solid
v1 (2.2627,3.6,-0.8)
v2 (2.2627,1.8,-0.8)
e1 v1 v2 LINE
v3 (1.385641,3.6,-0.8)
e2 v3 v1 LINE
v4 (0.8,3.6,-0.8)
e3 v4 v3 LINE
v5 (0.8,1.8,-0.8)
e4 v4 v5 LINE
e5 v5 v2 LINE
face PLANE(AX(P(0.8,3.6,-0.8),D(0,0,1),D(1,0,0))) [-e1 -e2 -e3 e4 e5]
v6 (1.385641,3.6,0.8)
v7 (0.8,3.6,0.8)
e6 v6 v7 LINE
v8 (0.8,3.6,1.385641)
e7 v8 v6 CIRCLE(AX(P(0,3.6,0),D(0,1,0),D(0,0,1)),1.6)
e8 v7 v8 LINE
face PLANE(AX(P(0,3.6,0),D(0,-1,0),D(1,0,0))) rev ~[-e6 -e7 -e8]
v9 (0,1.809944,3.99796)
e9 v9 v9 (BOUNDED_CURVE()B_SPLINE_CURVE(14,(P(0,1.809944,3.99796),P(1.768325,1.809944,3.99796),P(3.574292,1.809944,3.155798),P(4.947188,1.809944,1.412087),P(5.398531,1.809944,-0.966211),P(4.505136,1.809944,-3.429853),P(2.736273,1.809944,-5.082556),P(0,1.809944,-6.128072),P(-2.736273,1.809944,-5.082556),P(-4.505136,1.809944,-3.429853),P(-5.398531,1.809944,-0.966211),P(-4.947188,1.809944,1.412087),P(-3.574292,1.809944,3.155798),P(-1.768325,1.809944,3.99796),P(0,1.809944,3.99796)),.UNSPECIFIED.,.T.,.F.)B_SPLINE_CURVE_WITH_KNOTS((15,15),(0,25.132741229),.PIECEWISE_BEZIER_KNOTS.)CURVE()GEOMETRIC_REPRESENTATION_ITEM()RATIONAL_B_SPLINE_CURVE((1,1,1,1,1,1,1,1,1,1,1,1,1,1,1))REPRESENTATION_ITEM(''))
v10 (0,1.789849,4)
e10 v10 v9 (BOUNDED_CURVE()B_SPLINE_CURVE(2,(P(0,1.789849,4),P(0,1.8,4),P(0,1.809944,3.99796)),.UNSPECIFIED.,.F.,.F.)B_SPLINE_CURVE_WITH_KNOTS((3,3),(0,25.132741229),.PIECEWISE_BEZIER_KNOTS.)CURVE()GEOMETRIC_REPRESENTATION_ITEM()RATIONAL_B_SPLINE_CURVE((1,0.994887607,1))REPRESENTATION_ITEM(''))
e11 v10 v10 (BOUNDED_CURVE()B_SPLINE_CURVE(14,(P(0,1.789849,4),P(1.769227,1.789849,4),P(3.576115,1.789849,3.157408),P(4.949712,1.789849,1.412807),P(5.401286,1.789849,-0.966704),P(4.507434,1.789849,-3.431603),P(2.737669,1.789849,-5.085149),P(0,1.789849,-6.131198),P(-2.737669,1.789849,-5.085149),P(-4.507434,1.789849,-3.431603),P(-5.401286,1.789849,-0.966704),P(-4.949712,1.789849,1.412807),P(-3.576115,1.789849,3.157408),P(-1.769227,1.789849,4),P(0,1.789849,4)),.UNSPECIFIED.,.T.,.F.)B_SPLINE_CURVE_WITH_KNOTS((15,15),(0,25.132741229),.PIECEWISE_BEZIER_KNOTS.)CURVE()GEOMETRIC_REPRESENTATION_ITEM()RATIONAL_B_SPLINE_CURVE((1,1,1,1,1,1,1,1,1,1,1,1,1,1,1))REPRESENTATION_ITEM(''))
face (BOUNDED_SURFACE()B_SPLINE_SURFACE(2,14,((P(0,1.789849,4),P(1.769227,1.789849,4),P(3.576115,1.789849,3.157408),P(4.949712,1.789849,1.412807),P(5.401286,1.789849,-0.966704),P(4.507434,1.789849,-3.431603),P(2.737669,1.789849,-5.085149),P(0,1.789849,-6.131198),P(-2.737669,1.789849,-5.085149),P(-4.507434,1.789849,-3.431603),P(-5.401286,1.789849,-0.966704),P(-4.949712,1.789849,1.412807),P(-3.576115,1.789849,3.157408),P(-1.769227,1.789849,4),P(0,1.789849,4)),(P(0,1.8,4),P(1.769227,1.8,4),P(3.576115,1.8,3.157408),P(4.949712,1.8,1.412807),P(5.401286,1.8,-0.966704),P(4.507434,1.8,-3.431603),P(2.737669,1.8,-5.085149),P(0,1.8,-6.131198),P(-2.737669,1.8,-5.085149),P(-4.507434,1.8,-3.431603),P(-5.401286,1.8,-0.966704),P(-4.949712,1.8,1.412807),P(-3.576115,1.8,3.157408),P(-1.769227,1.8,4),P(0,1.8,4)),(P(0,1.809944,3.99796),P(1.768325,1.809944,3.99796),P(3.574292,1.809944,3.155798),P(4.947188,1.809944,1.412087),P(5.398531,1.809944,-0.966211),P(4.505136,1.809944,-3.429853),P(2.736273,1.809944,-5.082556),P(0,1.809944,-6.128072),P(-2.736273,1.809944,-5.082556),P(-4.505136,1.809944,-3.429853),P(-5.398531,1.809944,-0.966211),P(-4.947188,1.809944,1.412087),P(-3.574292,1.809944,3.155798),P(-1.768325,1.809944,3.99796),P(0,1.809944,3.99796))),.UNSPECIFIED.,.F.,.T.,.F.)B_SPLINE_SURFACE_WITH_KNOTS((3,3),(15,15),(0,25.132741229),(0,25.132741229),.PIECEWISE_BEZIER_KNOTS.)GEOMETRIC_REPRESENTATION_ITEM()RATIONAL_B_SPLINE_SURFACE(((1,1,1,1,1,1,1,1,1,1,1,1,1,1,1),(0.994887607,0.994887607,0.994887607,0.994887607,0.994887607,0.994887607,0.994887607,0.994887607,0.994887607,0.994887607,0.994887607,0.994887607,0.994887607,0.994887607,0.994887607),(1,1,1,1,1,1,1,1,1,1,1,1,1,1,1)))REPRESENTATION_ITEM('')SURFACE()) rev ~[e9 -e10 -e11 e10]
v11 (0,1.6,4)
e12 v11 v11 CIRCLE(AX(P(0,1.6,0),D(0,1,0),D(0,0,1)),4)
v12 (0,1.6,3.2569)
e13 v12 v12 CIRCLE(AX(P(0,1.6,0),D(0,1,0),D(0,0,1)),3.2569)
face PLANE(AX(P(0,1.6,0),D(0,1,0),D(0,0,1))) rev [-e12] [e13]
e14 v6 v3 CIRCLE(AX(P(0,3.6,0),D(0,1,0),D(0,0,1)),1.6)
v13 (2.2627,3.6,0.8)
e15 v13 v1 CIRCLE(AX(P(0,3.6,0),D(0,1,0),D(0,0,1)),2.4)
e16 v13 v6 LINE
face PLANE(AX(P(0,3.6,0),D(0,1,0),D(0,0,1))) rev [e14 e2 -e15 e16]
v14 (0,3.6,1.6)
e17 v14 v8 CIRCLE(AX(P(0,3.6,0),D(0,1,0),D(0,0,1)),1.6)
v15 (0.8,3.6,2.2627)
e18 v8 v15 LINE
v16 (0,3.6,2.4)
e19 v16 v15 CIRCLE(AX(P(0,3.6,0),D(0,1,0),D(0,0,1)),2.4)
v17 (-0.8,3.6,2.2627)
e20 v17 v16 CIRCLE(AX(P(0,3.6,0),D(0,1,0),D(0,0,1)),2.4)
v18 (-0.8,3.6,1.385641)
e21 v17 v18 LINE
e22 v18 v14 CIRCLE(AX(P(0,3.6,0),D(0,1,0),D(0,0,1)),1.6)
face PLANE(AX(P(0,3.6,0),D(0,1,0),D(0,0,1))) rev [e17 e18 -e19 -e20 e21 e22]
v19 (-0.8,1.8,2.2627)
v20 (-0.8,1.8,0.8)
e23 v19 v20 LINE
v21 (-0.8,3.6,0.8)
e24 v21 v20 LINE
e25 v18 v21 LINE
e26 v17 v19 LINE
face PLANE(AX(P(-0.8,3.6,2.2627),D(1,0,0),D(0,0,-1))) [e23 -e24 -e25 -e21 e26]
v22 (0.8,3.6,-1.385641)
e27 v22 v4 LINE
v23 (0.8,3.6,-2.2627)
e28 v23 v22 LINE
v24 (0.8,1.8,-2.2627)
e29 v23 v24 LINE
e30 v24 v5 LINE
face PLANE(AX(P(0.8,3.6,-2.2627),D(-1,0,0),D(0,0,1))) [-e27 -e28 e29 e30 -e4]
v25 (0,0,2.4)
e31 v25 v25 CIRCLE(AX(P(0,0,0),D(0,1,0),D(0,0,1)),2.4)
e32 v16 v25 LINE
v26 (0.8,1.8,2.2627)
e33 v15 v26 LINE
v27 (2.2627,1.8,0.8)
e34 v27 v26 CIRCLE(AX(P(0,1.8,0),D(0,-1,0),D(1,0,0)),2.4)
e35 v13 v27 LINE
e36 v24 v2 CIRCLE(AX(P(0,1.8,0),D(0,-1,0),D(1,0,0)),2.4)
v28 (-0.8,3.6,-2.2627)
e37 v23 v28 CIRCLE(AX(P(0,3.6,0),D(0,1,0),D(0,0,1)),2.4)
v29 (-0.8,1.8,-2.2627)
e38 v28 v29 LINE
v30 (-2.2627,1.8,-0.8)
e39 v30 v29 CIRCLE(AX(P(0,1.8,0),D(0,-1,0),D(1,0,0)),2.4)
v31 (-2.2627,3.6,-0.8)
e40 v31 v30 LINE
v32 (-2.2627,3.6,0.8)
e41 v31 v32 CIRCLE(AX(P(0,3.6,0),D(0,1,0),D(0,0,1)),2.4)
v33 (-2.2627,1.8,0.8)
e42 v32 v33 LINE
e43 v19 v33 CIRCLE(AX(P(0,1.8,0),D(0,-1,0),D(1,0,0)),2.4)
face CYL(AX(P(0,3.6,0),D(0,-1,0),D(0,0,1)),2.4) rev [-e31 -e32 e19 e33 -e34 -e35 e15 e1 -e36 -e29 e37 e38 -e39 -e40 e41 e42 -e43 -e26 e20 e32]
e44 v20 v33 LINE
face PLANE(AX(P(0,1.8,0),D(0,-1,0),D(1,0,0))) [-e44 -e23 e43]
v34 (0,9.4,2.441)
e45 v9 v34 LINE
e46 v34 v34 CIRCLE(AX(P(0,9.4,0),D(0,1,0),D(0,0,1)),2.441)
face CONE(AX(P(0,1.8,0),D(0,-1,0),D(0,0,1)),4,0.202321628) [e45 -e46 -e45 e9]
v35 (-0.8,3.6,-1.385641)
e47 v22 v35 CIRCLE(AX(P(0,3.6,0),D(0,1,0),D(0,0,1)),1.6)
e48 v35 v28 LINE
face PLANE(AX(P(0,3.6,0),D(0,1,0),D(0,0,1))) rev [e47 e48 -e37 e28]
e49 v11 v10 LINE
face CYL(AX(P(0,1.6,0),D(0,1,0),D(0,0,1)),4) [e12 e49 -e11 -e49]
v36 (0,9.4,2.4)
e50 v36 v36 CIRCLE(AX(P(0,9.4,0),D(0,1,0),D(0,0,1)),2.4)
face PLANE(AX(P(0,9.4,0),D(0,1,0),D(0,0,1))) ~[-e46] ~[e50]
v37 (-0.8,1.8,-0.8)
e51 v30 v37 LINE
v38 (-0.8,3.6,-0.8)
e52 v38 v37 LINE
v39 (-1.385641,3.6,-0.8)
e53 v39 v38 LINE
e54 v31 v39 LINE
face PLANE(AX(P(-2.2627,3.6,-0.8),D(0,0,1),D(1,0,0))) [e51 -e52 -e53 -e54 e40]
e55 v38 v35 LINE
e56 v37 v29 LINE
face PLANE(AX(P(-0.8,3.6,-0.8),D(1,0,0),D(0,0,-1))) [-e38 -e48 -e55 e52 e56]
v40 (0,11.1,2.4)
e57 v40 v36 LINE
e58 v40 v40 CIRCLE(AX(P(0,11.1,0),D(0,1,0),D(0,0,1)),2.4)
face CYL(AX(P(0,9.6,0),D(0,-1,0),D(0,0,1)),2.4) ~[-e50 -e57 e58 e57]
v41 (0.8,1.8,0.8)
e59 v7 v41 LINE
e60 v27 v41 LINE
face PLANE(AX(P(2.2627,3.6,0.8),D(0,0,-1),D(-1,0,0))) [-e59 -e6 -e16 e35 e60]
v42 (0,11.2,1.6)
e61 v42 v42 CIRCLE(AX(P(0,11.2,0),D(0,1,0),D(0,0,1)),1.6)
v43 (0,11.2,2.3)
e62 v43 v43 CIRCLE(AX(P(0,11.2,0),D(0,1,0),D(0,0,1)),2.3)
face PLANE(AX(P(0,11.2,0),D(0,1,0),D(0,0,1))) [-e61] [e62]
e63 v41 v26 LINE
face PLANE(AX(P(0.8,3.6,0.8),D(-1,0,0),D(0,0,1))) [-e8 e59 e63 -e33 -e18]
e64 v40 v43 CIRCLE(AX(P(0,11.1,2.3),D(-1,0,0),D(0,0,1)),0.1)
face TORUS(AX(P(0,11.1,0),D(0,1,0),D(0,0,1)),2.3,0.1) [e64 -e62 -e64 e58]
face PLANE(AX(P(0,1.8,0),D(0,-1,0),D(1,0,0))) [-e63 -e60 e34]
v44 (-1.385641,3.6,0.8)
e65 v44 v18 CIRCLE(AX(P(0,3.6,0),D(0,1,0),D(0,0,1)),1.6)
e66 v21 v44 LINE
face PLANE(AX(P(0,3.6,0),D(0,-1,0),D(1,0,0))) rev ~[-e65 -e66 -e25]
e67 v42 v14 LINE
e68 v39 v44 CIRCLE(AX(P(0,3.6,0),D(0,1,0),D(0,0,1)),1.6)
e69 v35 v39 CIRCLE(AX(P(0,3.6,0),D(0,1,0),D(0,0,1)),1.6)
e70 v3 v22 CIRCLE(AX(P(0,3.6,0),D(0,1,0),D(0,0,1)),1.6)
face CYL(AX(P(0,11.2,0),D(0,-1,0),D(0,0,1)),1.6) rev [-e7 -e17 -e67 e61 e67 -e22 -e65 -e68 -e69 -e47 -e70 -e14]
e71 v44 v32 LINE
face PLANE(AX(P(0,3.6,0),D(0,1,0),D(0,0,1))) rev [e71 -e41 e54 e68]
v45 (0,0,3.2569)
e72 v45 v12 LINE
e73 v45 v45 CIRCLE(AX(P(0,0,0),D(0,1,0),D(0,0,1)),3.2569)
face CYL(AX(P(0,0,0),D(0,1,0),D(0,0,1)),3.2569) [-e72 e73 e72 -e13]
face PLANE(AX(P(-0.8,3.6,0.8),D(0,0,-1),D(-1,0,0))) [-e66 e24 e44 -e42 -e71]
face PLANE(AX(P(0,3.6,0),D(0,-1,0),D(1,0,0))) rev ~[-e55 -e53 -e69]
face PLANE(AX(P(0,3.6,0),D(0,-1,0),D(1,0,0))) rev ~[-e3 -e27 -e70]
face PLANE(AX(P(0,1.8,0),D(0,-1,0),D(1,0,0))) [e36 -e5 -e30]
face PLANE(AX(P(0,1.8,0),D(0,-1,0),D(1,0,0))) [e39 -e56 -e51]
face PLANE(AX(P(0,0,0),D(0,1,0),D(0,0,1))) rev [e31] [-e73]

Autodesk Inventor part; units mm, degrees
ref_plane "YZ Plane" through (0, 0, 0) normal (1, 0, 0) x (0, 1, 0)
ref_plane "XZ Plane" through (0, 0, 0) normal (0, 1, 0) x (-1, 0, 0)
ref_plane "XY Plane" through (0, 0, 0) normal (0, 0, 1) x (1, 0, 0)
sketch "Sketch11" plane through (0, 0, 0) normal (1, 0, 0) x (0, 1, 0)
  line L0 (0, 3.2569) -> (1.6, 3.2569)
  line L1 (1.6, 4) -> (1.8, 4)
  line L2 (-2.24, 0) -> (13.44, 0) projected
  line L3 (1.6, 3.2569) -> (1.6, 4)
  line L4 (1.8, 4) -> (9.6, 2.4)
  line L5 (9.6, 2.4) -> (11.2, 2.4)
  line L6 (11.2, 2.4) -> (11.2, 1.6)
  line L7 (11.2, 1.6) -> (3.6, 1.6)
  line L8 (3.6, 1.6) -> (3.6, 2.4)
  line L9 (3.6, 2.4) -> (0, 2.4)
  line L10 (0, 2.4) -> (0, 3.2569)
  line L11 (9.6, 2.4) -> (9.4, 2.4)
  line L12 (9.4, 2.4) -> (9.4, 2.441)
  point P0 (0, 0)
  dimension "d99" = 4.8
  dimension "d100" = 1.6
  dimension "d101" = 6.5137
  dimension "d102" = 8
  dimension "d104" = 3.2
  dimension "d105" = 4.8
  dimension "d106" = 1.6
  dimension "d107" = 9.6
  dimension "d109" = 3.6
  dimension "d110" = 0.2
  dimension "d116" = 1.8
revolve "Revolution1" add sketch "Sketch11" angle 360 about axis through (0, -10, 0) along (0, 1, 0) contours L0 L3 L1 L4 L12 L11 L5 L6 L7 L8 L9 L10
fillet "Fillet1" radius 0.1 2 edges at (0, 11.2, -2.4) (0, 1.8, -4)
sketch "Sketch12" plane through (0, 3.6, 0) normal (0, -1, 0) x (1, 0, 0)
  circle A0 centre (0, 0) radius 2.4 projected
  line L0 (-0.8, 2.2627) -> (-0.8, 0.8)
  line L1 (-0.8, 0.8) -> (-2.2627, 0.8)
  line L2 (-2.2627, -0.8) -> (-0.8, -0.8)
  line L3 (-0.8, -0.8) -> (-0.8, -2.2627)
  line L4 (0.8, -2.2627) -> (0.8, -0.8)
  line L5 (0.8, -0.8) -> (2.2627, -0.8)
  line L6 (2.2627, 0.8) -> (0.8, 0.8)
  line L7 (0.8, 0.8) -> (0.8, 2.2627)
  dimension "d111" = 1.6
extrude "Extrusion7" add sketch "Sketch12" along normal blind 1.8 contours L6 L7 A0 | A0 L4 L5 | L0 L1 A0 | A0 L2 L3
equation "\"d99\" = kd"
equation "\"d100\" = 0.333333 * lh - topthk"
equation "\"d101\" = tubeod"
equation "\"d102\" = lu"
equation "\"d104\" = rd"
equation "\"d105\" = kd"
equation "\"d106\" = knobh"
equation "\"d107\" = lh"
equation "\"d22\" = lf"
equation "\"d111\" = axlet"
equation "\"kd\" = 4.8"
equation "\"lh\" = 9.6"
equation "\"topthk\" = 1.6"
equation "\"tubeod\" = 6.513708"
equation "\"lu\" = 8"
equation "\"rd\" = 3.2"
equation "\"knobh\" = 1.6"
equation "\"lf\" = 0.1"
equation "\"axlet\" = 1.6"
properties part number "59900-Black" material "ABS Plastic"
